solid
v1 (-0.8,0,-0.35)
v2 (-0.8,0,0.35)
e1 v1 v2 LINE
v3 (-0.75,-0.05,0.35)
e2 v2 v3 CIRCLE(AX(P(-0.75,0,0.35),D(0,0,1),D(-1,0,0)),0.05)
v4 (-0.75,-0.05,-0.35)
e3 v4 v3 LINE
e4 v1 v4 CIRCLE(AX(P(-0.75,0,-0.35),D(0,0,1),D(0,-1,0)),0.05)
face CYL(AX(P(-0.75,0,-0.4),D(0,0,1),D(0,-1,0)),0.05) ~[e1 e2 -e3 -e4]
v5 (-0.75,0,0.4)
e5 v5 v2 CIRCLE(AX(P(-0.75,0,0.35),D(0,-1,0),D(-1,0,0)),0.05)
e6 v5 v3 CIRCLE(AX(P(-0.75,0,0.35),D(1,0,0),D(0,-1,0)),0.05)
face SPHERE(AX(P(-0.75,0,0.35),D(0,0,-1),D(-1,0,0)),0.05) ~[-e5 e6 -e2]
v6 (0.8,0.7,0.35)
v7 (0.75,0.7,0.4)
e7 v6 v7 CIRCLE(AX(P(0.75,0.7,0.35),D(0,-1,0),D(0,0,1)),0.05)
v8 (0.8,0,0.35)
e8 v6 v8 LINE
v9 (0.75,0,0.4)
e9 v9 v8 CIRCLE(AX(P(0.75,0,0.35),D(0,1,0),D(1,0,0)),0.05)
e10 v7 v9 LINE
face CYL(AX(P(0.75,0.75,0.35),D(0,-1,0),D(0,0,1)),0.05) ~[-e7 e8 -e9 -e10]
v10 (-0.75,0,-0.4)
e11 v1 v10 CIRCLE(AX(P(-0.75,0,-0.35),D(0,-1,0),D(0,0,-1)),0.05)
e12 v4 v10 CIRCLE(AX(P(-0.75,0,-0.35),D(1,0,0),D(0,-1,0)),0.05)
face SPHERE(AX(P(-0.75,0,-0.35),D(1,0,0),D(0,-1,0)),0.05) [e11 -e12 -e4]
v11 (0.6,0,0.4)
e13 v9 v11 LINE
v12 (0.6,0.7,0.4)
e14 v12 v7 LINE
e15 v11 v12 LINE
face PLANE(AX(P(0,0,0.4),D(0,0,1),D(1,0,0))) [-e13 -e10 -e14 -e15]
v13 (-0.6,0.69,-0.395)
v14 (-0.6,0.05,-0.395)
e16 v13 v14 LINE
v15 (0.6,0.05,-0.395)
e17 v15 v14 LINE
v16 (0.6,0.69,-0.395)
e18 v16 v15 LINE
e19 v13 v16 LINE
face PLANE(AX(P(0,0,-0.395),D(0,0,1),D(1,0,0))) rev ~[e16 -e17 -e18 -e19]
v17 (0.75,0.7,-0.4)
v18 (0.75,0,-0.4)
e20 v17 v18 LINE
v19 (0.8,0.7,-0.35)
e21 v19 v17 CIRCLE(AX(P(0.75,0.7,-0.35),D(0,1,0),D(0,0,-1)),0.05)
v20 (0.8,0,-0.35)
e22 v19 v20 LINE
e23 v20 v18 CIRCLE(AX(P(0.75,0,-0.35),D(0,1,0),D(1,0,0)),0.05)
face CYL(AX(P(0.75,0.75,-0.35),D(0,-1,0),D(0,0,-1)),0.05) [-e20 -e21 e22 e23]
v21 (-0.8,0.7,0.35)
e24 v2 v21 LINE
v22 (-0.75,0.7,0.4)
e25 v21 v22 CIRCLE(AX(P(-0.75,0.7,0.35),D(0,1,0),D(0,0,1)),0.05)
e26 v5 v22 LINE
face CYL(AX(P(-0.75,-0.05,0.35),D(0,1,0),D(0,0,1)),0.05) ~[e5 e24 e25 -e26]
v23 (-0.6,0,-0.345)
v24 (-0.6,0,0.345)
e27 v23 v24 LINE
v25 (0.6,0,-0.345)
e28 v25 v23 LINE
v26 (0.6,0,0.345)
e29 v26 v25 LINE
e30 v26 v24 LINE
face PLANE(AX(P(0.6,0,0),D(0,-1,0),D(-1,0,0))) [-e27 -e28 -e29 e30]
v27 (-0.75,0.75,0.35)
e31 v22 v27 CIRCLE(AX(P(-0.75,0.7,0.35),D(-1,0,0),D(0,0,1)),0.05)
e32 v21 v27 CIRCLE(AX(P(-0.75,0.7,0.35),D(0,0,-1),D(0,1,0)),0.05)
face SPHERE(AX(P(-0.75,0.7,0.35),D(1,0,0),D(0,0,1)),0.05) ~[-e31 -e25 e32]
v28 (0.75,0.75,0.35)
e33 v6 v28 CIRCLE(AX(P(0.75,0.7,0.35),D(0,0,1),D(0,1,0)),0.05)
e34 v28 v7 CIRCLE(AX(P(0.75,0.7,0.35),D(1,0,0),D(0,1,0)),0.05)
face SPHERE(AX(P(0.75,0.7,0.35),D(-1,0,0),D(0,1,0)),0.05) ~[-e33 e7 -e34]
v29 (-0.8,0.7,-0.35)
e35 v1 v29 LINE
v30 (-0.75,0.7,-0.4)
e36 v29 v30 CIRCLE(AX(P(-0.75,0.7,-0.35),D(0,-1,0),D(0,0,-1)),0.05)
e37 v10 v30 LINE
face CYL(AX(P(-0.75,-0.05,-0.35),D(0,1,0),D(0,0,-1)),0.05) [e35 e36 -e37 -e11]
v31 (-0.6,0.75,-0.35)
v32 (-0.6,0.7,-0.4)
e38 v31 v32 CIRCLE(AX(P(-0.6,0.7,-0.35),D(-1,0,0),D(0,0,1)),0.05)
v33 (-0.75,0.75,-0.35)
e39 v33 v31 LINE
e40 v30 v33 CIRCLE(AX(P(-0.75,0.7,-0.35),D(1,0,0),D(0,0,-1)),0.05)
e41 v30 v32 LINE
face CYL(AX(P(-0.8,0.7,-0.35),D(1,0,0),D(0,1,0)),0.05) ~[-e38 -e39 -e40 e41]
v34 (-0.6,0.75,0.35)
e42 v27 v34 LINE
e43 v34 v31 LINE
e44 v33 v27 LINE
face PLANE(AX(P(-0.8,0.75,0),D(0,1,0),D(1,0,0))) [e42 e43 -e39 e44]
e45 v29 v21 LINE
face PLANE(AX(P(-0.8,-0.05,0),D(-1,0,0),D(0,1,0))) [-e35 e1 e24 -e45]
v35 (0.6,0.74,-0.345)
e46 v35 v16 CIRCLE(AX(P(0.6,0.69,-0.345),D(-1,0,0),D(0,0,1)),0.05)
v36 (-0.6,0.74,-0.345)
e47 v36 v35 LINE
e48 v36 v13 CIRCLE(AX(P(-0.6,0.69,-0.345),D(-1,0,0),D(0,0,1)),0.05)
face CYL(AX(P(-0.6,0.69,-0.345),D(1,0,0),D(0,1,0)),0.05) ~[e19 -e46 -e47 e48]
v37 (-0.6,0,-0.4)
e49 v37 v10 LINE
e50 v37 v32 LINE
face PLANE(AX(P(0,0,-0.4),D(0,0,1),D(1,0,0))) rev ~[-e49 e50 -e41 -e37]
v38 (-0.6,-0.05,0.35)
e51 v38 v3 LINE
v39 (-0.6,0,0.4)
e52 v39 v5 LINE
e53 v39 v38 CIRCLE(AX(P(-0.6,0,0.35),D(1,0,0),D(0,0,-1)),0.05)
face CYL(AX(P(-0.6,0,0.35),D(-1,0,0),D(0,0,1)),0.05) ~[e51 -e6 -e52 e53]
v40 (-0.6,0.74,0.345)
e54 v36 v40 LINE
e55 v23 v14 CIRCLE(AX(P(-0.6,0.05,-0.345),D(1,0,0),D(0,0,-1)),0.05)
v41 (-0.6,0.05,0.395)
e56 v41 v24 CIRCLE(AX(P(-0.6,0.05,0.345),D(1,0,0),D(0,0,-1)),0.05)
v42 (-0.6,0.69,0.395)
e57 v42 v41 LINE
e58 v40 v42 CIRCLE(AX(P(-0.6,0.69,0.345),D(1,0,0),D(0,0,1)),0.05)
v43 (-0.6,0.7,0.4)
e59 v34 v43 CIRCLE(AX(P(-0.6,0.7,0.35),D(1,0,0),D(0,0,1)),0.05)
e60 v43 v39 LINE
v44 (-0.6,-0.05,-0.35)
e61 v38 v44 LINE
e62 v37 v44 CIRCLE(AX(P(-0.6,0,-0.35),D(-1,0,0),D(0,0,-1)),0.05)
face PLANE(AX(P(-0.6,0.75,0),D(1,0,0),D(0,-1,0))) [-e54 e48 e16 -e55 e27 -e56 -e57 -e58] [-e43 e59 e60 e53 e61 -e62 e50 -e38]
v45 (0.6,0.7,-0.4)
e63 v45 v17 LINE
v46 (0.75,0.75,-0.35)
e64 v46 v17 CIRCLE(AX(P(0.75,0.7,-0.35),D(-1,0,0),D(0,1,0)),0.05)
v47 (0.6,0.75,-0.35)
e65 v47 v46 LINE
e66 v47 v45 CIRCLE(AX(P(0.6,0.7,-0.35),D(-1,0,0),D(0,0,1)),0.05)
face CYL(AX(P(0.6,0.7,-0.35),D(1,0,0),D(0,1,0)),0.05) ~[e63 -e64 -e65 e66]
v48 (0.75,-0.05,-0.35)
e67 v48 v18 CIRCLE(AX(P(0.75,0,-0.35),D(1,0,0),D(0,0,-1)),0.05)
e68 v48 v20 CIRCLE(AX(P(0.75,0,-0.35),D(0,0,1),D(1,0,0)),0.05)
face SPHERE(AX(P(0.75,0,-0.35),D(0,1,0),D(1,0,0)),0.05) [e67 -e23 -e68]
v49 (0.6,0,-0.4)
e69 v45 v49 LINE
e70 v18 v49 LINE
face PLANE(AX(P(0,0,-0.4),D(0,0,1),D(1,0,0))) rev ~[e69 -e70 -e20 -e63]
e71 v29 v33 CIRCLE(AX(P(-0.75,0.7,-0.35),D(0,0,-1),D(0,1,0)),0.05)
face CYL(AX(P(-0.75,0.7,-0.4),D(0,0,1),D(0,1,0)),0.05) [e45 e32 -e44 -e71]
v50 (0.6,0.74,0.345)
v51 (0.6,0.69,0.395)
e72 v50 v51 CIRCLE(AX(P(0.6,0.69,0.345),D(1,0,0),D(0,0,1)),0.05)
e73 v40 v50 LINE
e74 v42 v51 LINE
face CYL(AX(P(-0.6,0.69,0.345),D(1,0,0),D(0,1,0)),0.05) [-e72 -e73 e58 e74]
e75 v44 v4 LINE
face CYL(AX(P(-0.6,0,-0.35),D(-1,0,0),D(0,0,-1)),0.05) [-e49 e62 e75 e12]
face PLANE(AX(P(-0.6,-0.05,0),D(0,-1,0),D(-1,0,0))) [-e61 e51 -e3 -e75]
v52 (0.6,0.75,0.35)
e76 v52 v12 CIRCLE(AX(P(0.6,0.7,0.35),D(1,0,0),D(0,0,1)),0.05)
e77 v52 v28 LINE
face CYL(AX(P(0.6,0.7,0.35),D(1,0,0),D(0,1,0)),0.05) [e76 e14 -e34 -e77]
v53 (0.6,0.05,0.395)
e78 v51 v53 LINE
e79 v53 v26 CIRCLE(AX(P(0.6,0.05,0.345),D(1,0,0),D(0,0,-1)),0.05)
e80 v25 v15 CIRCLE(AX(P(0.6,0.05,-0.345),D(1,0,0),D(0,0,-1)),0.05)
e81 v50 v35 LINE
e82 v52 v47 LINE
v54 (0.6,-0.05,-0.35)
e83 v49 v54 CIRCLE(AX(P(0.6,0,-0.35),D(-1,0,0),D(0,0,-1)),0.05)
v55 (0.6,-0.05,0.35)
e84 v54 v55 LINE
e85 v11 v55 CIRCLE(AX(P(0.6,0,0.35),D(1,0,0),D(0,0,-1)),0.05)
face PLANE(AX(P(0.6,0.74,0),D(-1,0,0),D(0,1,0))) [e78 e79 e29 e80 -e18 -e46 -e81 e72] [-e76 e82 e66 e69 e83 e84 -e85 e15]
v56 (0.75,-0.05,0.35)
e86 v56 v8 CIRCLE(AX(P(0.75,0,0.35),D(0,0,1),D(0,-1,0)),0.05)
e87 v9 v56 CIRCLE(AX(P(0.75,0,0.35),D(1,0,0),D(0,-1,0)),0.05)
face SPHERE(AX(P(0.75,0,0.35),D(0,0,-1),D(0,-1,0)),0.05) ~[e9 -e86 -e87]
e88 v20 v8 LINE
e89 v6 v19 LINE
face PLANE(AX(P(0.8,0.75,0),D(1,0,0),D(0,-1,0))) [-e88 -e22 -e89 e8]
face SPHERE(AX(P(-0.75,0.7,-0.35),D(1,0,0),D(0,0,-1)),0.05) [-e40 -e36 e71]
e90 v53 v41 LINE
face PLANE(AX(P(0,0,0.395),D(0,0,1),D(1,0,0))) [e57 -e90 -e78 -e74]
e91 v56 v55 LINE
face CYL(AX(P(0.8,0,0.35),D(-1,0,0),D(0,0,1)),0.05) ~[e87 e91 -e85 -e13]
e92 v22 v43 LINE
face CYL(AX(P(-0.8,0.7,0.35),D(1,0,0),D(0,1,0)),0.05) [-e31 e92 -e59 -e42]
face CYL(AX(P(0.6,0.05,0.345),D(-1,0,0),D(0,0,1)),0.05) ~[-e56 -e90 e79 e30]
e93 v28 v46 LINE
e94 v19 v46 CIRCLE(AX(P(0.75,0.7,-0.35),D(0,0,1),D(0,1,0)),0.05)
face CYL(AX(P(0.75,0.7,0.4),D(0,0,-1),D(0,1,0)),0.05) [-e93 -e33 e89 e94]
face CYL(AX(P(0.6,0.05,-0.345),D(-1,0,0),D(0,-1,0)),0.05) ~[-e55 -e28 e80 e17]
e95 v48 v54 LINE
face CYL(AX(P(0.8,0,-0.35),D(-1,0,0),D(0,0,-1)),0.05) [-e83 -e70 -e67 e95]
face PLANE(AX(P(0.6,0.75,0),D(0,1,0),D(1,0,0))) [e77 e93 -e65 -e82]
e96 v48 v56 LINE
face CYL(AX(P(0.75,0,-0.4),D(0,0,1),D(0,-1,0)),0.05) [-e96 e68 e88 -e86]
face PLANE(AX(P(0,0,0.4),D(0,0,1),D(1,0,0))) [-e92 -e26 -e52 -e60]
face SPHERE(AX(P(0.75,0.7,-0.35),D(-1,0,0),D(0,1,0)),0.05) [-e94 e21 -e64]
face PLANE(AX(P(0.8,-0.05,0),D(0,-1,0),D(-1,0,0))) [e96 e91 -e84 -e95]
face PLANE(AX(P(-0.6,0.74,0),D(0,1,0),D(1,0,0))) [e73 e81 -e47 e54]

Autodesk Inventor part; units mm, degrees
ref_plane "YZ Plane" through (0, 0, 0) normal (1, 0, 0) x (0, 1, 0)
ref_plane "XZ Plane" through (0, 0, 0) normal (0, 1, 0) x (-1, 0, 0)
ref_plane "XY Plane" through (0, 0, 0) normal (0, 0, 1) x (1, 0, 0)
sketch "Sketch1" plane through (0, 0, 0) normal (0, 0, 1) x (1, 0, 0)
  line L0 (-0.8, 0.75) -> (-0.6, 0.75)
  line L1 (-0.6, 0.75) -> (-0.6, -0.05)
  line L2 (-0.6, -0.05) -> (-0.8, -0.05)
  line L3 (-0.8, -0.05) -> (-0.8, 0.75)
  line L4 (-0.6, 0.74) -> (0.6, 0.74)
  line L5 (0.6, 0.74) -> (0.6, 0)
  line L6 (0.6, 0) -> (-0.6, 0)
  line L7 (-0.6, 0) -> (-0.6, 0.74)
  line L8 (0.6, 0.75) -> (0.8, 0.75)
  line L9 (0.8, 0.75) -> (0.8, -0.05)
  line L10 (0.8, -0.05) -> (0.6, -0.05)
  line L11 (0.6, -0.05) -> (0.6, 0.75)
  point P0 (0, 0)
  point P1 (0, 0.74)
  point P2 (0, 0)
  dimension "d0" = 1.6
  dimension "d1" = 0.8
  dimension "d2" = 0.2
  dimension "d3" = 0.05
  dimension "d6" = 0.01
extrude "Extrusion1" add sketch "Sketch1" along normal mid plane 0.8 contours L0 L1 L2 L3 | L11 L8 L9 L10 L5
extrude "Extrusion2" add sketch "Sketch1" along normal mid plane 0.79 contours L4 L5 L6 L1
fillet "Fillet2" radius 0.05 4 edges at (0, 0.74, 0.395) (0, 0, 0.395) (0, 0.74, -0.395) (0, 0, -0.395)
fillet "Fillet1" radius 0.05 16 edges at (-0.7, 0.75, 0.4) (0.7, 0.75, 0.4) (-0.7, 0.75, -0.4) (0.7, 0.75, -0.4) (0.8, 0.75, 0) (0.8, 0.35, -0.4) (0.8, -0.05, 0) (0.7, -0.05, -0.4) (0.7, -0.05, 0.4) (0.8, 0.35, 0.4) (-0.7, -0.05, -0.4) (-0.8, -0.05, 0) (-0.8, 0.35, 0.4) (-0.7, -0.05, 0.4) (-0.8, 0.35, -0.4) (-0.8, 0.75, 0)
properties part number "Resistor_1608-0.5mm" material "Copper"
